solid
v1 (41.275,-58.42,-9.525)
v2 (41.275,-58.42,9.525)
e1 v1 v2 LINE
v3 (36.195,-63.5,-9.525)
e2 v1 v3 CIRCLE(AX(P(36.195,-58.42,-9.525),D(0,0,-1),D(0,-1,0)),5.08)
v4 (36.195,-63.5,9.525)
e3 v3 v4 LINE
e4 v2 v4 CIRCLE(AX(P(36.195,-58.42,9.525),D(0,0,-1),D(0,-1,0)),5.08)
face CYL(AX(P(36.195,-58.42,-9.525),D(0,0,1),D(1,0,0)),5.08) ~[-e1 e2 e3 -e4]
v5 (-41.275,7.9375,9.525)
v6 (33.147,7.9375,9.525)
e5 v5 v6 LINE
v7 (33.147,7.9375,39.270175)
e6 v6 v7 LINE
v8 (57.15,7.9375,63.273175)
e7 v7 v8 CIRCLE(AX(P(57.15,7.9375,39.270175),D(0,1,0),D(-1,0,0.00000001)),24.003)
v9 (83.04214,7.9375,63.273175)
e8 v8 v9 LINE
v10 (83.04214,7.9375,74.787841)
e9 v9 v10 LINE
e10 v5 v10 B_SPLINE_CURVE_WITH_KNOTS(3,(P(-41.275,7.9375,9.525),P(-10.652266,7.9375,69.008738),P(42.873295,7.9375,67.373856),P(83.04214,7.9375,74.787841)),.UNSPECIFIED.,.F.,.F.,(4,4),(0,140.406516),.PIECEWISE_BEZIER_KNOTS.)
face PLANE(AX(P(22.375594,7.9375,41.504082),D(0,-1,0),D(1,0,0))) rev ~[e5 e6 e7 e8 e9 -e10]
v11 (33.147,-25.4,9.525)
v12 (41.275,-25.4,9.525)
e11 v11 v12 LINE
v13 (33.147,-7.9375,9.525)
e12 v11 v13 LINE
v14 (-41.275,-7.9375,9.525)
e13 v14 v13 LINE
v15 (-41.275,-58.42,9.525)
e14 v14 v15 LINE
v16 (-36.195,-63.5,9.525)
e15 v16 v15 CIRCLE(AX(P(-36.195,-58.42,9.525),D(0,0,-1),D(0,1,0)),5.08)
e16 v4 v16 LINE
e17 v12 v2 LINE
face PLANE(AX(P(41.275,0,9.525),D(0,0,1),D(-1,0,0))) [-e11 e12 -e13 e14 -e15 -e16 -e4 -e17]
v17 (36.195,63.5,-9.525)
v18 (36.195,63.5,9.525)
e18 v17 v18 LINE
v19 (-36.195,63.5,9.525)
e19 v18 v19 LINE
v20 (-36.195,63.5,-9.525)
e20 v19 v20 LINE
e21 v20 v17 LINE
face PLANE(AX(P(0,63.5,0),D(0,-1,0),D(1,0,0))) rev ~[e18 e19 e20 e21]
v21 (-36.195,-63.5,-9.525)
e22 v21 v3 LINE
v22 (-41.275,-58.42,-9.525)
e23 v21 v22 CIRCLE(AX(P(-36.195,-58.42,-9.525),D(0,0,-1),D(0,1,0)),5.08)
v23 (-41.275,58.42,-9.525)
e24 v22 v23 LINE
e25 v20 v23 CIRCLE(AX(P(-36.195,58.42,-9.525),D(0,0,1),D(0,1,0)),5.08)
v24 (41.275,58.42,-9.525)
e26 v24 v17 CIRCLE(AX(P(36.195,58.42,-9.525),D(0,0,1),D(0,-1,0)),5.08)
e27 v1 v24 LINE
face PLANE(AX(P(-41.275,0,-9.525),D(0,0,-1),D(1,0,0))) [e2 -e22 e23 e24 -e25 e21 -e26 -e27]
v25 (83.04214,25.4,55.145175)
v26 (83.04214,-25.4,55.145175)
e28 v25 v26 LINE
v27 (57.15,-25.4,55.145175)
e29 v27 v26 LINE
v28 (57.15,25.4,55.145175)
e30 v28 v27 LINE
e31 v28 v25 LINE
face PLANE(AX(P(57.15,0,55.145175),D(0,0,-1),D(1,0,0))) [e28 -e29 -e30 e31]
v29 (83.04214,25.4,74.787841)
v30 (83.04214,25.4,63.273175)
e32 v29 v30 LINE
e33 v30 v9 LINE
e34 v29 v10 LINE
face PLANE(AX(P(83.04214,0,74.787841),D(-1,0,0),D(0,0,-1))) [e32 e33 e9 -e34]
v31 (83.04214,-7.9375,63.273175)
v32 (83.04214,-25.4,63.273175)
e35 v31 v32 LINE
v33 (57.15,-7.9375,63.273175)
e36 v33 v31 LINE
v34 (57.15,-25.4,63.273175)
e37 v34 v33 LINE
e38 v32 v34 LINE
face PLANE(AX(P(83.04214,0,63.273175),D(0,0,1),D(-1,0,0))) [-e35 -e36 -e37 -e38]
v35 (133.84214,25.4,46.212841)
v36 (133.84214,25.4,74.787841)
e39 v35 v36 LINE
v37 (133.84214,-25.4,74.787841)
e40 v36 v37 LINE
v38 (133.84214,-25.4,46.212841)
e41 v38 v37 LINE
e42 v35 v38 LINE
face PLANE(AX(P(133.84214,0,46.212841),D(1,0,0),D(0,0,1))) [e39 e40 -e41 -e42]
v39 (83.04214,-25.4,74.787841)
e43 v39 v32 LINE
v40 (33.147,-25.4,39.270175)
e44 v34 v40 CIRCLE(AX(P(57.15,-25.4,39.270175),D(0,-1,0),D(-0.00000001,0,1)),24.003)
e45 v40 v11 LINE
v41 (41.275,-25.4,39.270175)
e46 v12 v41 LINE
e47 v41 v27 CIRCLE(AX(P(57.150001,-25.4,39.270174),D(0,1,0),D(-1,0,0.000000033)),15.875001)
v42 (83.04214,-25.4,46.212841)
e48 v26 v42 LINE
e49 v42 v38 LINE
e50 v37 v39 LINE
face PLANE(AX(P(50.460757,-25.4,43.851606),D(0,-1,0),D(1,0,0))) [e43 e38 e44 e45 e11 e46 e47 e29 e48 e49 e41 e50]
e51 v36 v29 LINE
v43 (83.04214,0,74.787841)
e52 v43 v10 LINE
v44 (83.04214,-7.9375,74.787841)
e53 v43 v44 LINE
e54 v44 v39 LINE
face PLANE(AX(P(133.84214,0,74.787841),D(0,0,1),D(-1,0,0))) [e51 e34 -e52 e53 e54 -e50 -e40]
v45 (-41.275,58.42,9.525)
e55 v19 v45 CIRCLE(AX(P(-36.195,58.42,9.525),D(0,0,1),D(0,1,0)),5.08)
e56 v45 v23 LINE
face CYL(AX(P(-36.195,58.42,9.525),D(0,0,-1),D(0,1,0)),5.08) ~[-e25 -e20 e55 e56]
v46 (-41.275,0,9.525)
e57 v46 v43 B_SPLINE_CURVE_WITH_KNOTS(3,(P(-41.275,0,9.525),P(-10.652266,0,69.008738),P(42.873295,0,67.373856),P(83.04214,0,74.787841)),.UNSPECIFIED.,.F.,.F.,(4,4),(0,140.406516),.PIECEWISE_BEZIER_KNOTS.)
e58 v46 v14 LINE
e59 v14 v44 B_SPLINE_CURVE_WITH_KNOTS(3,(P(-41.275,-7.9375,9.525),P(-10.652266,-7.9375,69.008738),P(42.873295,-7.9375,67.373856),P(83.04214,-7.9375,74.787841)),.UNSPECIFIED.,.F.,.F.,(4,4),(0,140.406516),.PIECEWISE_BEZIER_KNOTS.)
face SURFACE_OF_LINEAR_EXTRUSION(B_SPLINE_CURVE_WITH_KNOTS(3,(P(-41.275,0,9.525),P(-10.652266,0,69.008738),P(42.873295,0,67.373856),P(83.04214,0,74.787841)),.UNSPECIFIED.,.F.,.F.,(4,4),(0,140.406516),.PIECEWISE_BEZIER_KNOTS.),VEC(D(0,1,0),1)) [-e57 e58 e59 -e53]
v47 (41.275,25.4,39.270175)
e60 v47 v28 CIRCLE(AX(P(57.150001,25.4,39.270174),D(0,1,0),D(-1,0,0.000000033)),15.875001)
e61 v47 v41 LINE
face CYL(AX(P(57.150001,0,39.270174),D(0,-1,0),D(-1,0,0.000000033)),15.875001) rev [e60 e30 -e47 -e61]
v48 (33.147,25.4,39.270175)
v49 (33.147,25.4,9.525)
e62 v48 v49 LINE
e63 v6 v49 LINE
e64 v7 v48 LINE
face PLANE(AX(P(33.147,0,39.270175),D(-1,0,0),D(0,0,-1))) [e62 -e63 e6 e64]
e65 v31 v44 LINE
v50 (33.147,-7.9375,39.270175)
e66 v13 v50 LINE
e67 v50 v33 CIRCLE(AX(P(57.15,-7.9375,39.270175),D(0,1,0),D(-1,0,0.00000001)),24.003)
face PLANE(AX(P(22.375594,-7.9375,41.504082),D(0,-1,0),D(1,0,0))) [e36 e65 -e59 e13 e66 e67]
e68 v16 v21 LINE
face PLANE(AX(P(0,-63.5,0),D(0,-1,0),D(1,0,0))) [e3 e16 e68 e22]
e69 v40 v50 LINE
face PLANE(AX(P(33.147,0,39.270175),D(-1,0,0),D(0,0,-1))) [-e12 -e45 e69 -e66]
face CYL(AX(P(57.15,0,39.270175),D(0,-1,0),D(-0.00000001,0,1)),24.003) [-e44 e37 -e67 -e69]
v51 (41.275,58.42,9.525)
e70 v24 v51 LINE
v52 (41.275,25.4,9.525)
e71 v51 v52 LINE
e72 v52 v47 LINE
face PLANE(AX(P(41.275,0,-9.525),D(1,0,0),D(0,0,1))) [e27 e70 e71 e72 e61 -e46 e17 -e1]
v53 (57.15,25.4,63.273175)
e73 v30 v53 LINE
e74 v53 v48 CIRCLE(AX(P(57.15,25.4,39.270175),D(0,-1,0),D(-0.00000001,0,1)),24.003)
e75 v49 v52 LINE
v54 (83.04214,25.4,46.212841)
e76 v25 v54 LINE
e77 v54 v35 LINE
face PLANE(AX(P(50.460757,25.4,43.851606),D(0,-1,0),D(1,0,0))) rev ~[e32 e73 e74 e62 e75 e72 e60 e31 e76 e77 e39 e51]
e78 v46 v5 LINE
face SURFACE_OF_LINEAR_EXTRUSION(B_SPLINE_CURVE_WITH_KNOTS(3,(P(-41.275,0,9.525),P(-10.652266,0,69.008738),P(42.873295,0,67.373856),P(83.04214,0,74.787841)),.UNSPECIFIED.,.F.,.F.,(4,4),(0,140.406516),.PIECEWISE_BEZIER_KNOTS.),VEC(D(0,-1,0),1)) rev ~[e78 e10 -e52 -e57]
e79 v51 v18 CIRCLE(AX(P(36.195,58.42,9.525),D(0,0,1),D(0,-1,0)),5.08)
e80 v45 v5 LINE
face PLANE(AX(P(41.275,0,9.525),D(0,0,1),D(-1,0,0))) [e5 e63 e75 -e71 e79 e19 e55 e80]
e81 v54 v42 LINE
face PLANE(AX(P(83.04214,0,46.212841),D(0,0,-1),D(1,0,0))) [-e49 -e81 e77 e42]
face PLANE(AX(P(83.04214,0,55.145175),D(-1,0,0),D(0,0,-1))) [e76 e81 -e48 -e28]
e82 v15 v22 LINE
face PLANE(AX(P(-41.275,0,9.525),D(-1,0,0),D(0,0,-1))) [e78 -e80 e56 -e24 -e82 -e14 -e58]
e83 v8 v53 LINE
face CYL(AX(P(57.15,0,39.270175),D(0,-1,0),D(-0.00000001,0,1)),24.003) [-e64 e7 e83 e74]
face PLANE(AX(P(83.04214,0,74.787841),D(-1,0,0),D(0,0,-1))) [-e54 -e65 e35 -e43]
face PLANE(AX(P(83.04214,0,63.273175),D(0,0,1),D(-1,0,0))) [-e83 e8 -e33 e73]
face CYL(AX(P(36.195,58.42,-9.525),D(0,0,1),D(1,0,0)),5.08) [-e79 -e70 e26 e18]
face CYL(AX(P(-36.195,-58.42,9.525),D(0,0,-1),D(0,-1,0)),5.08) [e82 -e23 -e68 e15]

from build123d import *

# Parameters (mm, degrees)
F1_DEPTH = 63.5
F2_DEPTH = 25.4
F3_DEPTH = 7.9375
F4_R     = 5.08


with BuildPart() as f1:
    # F0 (on Front) → F1 (new body, symmetric)
    with BuildSketch(Plane.XZ):
        Polygon((41.275, -9.525), (41.275, 9.525), (33.147, 9.525), (-41.275, 9.525), (-41.275, -9.525), align=None)
    extrude(amount=F1_DEPTH, both=True)

    # F0 (on Front) → F2 (join, symmetric)
    with BuildSketch(Plane.XZ):
        with BuildLine():
            Line((33.147, 9.525), (41.275, 9.525))
            Line((41.275, 9.525), (41.275, 39.270175))
            ThreePointArc((41.275, 39.270175), (45.92468, 50.495495), (57.15, 55.145175))
            Line((57.15, 55.145175), (83.04214, 55.145175))
            Line((83.04214, 55.145175), (83.04214, 63.273175))
            Line((83.04214, 63.273175), (57.15, 63.273175))
            ThreePointArc((57.15, 63.273175), (40.177316, 56.242859), (33.147, 39.270175))
            Line((33.147, 39.270175), (33.147, 9.525))
        make_face()
        Polygon((133.84214, 74.787841), (83.04214, 74.787841), (83.04214, 63.273175), (83.04214, 55.145175), (83.04214, 46.212841), (133.84214, 46.212841), align=None)
    extrude(amount=F2_DEPTH, both=True)

    # F0 (on Front) → F3 (join, symmetric)
    with BuildSketch(Plane.XZ):
        with BuildLine():
            Line((-41.275, 9.525), (33.147, 9.525))
            Line((33.147, 9.525), (33.147, 39.270175))
            ThreePointArc((33.147, 39.270175), (40.177316, 56.242859), (57.15, 63.273175))
            Line((57.15, 63.273175), (83.04214, 63.273175))
            Line((83.04214, 63.273175), (83.04214, 74.787841))
            add(Edge.make_bspline(
                [(-41.275, 9.525), (-10.652266, 69.008738), (42.873295, 67.373856), (83.04214, 74.787841)],
                knots=[0, 0, 0, 0, 140.406516, 140.406516, 140.406516, 140.406516], degree=3))
        make_face()
    extrude(amount=F3_DEPTH, both=True)

    # F4
    f4_edges = [f1.edges().sort_by_distance(p)[0] for p in [
        (-41.275, -63.5, 0),
        (41.275, -63.5, 0),
        (41.275, 63.5, 0),
        (-41.275, 63.5, 0),
    ]]
    fillet(f4_edges, radius=F4_R)


solid = f1.part
